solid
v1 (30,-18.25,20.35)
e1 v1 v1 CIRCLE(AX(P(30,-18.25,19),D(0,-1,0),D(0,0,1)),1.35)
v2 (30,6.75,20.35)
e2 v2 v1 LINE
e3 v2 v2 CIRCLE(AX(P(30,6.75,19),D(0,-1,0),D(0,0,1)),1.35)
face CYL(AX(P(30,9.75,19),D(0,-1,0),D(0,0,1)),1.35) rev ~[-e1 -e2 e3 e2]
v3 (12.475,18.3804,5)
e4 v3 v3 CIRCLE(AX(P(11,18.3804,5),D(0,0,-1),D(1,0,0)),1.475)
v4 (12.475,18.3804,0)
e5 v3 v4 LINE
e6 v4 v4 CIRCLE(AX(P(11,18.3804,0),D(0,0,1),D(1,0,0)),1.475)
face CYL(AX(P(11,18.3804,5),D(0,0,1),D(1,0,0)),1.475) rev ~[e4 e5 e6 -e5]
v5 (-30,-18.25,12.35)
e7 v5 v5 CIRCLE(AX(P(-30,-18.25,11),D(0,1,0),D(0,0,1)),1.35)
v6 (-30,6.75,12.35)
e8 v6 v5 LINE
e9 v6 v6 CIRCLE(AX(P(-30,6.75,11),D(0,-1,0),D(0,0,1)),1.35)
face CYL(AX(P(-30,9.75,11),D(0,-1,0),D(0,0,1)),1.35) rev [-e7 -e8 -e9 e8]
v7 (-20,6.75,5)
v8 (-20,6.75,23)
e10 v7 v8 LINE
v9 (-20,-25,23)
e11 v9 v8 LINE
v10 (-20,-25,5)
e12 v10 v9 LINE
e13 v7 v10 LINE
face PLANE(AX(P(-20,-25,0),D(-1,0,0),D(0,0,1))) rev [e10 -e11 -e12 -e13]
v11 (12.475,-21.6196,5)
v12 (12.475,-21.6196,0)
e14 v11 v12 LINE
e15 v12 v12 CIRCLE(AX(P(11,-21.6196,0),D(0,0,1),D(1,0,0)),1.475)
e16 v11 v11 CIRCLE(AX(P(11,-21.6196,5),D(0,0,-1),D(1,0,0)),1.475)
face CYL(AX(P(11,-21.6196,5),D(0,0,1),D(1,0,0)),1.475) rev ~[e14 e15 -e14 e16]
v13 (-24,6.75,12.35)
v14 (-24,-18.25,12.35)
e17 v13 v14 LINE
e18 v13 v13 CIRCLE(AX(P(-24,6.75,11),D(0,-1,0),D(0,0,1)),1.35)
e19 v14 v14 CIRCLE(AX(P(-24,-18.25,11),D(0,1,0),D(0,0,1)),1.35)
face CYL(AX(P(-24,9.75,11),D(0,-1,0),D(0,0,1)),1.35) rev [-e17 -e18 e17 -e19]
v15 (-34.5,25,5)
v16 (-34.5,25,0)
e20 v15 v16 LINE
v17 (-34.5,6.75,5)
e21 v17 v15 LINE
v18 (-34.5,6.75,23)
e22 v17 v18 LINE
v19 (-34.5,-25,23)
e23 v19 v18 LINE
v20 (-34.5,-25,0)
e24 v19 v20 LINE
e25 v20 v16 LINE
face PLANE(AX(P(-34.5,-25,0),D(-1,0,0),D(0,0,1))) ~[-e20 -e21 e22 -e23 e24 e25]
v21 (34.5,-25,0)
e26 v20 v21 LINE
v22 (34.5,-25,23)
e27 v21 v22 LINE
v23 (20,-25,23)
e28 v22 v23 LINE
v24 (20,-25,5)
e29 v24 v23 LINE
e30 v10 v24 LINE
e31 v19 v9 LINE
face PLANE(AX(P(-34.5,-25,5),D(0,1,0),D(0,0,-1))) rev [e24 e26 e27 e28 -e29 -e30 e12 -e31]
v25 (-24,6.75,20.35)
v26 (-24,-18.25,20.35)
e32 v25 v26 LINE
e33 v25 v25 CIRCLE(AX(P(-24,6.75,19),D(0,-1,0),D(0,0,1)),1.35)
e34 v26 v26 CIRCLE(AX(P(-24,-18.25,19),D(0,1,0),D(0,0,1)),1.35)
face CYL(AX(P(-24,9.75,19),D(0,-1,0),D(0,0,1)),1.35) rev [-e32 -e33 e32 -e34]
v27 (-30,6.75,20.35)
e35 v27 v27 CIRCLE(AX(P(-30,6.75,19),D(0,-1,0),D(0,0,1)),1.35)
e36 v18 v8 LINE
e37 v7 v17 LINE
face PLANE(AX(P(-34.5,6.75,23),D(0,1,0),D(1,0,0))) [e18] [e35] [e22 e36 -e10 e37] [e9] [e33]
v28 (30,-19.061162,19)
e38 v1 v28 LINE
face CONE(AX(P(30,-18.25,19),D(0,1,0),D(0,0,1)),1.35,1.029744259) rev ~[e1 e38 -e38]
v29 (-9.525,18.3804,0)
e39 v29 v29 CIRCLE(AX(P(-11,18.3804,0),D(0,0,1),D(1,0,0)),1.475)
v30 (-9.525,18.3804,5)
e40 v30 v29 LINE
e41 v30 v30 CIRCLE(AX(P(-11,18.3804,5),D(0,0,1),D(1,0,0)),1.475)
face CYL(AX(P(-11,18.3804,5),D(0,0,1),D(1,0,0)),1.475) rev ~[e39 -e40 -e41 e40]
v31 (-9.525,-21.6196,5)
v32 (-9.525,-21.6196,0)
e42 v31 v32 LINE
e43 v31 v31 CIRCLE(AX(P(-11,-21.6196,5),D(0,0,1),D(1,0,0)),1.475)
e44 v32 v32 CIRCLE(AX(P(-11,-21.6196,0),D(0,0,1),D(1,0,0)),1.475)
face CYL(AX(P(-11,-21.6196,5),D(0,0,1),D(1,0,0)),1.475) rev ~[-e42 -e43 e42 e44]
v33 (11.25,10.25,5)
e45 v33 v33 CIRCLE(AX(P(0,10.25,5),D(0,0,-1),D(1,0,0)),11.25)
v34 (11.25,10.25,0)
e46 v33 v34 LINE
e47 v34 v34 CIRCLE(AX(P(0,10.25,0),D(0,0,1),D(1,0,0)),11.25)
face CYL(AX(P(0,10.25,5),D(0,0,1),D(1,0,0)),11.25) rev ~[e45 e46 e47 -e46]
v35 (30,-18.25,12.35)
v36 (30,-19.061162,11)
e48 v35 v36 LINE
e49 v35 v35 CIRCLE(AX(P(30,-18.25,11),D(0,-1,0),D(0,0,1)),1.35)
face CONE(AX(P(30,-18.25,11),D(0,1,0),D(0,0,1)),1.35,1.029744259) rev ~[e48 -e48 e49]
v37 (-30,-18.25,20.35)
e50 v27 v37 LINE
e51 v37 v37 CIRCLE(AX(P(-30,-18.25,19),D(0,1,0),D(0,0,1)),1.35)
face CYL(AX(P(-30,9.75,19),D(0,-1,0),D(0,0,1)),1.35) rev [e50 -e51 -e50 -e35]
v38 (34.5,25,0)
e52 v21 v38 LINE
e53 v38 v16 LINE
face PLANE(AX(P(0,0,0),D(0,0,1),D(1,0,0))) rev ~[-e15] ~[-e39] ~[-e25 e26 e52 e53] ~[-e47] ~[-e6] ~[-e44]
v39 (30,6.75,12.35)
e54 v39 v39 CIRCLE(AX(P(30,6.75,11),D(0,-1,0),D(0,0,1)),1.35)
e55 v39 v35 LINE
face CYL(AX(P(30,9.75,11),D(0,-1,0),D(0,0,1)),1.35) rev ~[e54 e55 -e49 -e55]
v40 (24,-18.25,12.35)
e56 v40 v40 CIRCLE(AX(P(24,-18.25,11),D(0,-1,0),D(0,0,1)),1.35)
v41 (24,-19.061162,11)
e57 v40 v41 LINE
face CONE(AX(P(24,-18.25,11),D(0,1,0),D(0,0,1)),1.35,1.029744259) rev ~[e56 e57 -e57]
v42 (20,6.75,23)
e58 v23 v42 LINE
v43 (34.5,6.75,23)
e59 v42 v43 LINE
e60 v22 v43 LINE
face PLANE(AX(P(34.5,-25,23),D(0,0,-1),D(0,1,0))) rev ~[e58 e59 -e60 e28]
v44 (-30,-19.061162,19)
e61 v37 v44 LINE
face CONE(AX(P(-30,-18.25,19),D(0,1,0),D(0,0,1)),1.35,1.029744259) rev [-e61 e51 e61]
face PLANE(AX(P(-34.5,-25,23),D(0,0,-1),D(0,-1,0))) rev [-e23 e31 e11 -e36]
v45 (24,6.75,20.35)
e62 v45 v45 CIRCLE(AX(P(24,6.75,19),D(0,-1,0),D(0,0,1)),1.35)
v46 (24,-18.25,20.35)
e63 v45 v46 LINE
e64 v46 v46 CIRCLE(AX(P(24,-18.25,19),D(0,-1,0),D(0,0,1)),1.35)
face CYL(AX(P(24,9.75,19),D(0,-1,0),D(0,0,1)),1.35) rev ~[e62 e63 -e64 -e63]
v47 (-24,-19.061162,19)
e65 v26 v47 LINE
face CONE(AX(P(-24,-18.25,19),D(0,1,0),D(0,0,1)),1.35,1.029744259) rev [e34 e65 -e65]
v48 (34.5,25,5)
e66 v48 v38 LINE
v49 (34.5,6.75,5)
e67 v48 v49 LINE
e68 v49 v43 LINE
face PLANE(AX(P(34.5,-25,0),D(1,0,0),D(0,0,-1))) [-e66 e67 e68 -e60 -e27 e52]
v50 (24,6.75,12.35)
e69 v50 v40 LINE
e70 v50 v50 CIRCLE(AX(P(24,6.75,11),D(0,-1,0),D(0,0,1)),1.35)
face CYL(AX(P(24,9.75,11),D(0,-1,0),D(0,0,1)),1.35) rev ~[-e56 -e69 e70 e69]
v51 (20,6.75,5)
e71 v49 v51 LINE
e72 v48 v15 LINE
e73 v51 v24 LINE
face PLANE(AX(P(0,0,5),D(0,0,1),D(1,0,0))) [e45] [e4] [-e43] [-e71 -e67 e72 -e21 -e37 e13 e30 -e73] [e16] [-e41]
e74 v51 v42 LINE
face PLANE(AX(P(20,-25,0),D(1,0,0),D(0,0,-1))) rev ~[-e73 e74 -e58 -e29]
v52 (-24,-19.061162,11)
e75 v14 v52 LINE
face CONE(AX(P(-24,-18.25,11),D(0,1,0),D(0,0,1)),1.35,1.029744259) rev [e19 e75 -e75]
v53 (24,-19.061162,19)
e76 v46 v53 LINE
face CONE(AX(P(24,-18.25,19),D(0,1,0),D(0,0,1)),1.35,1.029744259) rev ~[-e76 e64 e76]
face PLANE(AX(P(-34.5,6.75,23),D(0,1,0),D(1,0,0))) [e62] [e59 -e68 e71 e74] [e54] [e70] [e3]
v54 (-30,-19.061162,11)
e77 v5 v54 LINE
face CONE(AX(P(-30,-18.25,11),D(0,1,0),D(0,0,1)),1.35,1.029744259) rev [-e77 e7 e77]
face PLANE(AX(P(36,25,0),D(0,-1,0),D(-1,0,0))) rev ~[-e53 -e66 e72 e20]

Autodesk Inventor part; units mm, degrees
ref_plane "YZ Plane" through (0, 0, 0) normal (1, 0, 0) x (0, 1, 0)
ref_plane "XZ Plane" through (0, 0, 0) normal (0, 1, 0) x (-1, 0, 0)
ref_plane "XY Plane" through (0, 0, 0) normal (0, 0, 1) x (1, 0, 0)
sketch "Sketch1" plane through (0, 0, 0) normal (0, 0, 1) x (1, 0, 0)
  line L0 (0, 0) -> (36, 0)
  line L1 (36, 0) -> (36, 25)
  line L2 (36, 25) -> (-36, 25)
  line L3 (-36, 25) -> (-36, -25)
  line L4 (-36, -25) -> (36, -25)
  line L5 (36, -25) -> (36, 25)
  dimension "d0" = 36
  dimension "d1" = 25
  dimension "d2" = 72
  dimension "d3" = 50
extrude "Extrusion1" add sketch "Sketch1" along normal blind 5
sketch "Sketch2" plane through (0, 0, 5) normal (0, 0, 1) x (1, 0, 0)
  line L0 (0, 0) -> (0, -25)
  line L1 (-36, -25) -> (36, -25) projected
  line L2 (0, -25) -> (0, 10.25)
  circle A0 centre (0, 10.25) radius 11.25
  dimension "d6" = 35.25
  dimension "d7" = 22.5
extrude "Extrusion2" cut sketch "Sketch2" against normal blind 22.5
sketch "Sketch3" plane through (0, 0, 5) normal (0, 0, 1) x (1, 0, 0)
  line L0 (0, 0) -> (11, 0)
  line L1 (11, -24.8696) -> (11, -21.6196)
  circle A0 centre (11, -21.6196) radius 1.475
  line L2 (0, 0) -> (0, -3.6992)
  circle A1 centre (-11, -21.6196) radius 1.475
  line L3 (11, -21.6196) -> (11, 18.3804)
  line L4 (11, -21.6196) -> (11, -1.6196)
  line L5 (11, -1.6196) -> (-3.4092, -1.6196)
  circle A2 centre (11, 18.3804) radius 1.475
  circle A3 centre (-11, 18.3804) radius 1.475
  point P0 (0, -1.6196)
  point P1 (11, -20.1446)
  point P2 (11, -23.0946)
  dimension "d10" = 11
  dimension "d11" = 3.25
  dimension "d12" = 2.95
  dimension "d15" = 40
  dimension "d16" = 20
extrude "Extrusion3" cut sketch "Sketch3" against normal blind 5 contours A0 L1 L3 | L3 L1 A0 | A1
sketch "Sketch4" plane through (0, 0, 5) normal (0, 0, 1) x (1, 0, 0)
  point P0 (0, 0)
extrude "Extrusion4" cut sketch "Sketch3" against normal blind 5 contours A2 | A3
sketch "Sketch5" plane through (36, -25, 0) normal (1, 0, 0) x (0, 0, -1)
  line L0 (0, 0) -> (0, 50) projected
  line L1 (-5, 0) -> (-5, 50) projected
  line L2 (0, 0) -> (-5, 0)
  line L3 (-5, 0) -> (-5, 50)
  line L4 (-5, 50) -> (0, 50)
  line L5 (0, 50) -> (0, 0)
  point P0 (0, 25)
  dimension "d19" = 5
ref_plane "Work Plane1" through (0, -25, 0) normal (1, 0, 0) x (0, 0, -1)
extrude "Extrusion5" cut sketch "Sketch5" against normal blind 1.5
mirror "Mirror1" about plane through (0, -25, 0) normal (1, 0, 0) of "Extrusion5"
sketch "Sketch6" plane through (34.5, -25, 0) normal (1, 0, 0) x (0, 0, -1)
  line L0 (-5, 0) -> (0, 0) projected
  line L1 (-5, 0) -> (-23, 0)
  line L2 (-23, 0) -> (-23, 34.75)
  line L3 (-23, 34.75) -> (-5, 34.75)
  line L4 (-5, 50) -> (-5, 0) projected
  line L5 (-5, 34.75) -> (-5, 0)
  point P0 (0, 25)
  dimension "d22" = 18
  dimension "d23" = 34.75
  dimension "d24" = 18
extrude "Extrusion6" add sketch "Sketch6" against normal blind 14.5
mirror "Mirror2" about plane through (0, -25, 0) normal (1, 0, 0) of "Extrusion6"
sketch "Sketch7" plane through (34.5, 9.75, 23) normal (0, 1, 0) x (1, 0, 0)
  line L0 (0, 0) -> (-14.5, 0) projected
  line L1 (0, 18) -> (0, 23) projected
  line L2 (0, 0) -> (0, 18)
  line L3 (0, 18) -> (0, 4)
  line L4 (0, 23) -> (0, 0) projected
  point P0 (-34.5, 23)
  point P1 (-10.5, 4)
  point P2 (-4.5, 4)
hole "Hole1" at (24, 9.75, 19) at (30, 9.75, 19) direction (0, -1, 0) diameter 2.7 depth 28 tip angle 118
mirror "Mirror3" about plane through (0, -25, 0) normal (1, 0, 0) of "Hole1"
sketch "Sketch8" plane through (34.5, 9.75, 23) normal (0, 1, 0) x (1, 0, 0)
  line L0 (0, 23) -> (0, 0) projected
  line L1 (0, 0) -> (0, 4)
  line L2 (0, 4) -> (-4.5, 4)
  line L3 (-4.5, 4) -> (-4.5, 12)
  line L4 (-4.5, 12) -> (-10.5, 12)
  point P0 (-34.5, 23)
  dimension "d45" = 4
  dimension "d46" = 4.5
  dimension "d47" = 8
  dimension "d48" = 6
hole "Hole2" at (24, 9.75, 11) at (30, 9.75, 11) direction (0, -1, 0) diameter 2.7 depth 28 tip angle 118
mirror "Mirror4" about plane through (0, -25, 0) normal (1, 0, 0) of "Hole2"
sketch "Sketch9" plane through (-34.5, 9.75, 23) normal (0, 1, 0) x (1, 0, 0)
  line L0 (0, 0) -> (14.5, 0) projected
  line L1 (0, 0) -> (74.2049, 0)
  line L2 (74.2049, 0) -> (74.2049, 18)
  line L3 (74.2049, 18) -> (0, 18)
  line L4 (0, 18) -> (0, 0)
  point P0 (34.5, 23)
extrude "Extrusion7" cut sketch "Sketch9" against normal blind 3
ref_plane "Work Plane2" through (0, -25, 0) normal (1, 0, 0) x (0, 0, -1)
equation "\"d8\" = d7"
properties part number "Front_plate"
